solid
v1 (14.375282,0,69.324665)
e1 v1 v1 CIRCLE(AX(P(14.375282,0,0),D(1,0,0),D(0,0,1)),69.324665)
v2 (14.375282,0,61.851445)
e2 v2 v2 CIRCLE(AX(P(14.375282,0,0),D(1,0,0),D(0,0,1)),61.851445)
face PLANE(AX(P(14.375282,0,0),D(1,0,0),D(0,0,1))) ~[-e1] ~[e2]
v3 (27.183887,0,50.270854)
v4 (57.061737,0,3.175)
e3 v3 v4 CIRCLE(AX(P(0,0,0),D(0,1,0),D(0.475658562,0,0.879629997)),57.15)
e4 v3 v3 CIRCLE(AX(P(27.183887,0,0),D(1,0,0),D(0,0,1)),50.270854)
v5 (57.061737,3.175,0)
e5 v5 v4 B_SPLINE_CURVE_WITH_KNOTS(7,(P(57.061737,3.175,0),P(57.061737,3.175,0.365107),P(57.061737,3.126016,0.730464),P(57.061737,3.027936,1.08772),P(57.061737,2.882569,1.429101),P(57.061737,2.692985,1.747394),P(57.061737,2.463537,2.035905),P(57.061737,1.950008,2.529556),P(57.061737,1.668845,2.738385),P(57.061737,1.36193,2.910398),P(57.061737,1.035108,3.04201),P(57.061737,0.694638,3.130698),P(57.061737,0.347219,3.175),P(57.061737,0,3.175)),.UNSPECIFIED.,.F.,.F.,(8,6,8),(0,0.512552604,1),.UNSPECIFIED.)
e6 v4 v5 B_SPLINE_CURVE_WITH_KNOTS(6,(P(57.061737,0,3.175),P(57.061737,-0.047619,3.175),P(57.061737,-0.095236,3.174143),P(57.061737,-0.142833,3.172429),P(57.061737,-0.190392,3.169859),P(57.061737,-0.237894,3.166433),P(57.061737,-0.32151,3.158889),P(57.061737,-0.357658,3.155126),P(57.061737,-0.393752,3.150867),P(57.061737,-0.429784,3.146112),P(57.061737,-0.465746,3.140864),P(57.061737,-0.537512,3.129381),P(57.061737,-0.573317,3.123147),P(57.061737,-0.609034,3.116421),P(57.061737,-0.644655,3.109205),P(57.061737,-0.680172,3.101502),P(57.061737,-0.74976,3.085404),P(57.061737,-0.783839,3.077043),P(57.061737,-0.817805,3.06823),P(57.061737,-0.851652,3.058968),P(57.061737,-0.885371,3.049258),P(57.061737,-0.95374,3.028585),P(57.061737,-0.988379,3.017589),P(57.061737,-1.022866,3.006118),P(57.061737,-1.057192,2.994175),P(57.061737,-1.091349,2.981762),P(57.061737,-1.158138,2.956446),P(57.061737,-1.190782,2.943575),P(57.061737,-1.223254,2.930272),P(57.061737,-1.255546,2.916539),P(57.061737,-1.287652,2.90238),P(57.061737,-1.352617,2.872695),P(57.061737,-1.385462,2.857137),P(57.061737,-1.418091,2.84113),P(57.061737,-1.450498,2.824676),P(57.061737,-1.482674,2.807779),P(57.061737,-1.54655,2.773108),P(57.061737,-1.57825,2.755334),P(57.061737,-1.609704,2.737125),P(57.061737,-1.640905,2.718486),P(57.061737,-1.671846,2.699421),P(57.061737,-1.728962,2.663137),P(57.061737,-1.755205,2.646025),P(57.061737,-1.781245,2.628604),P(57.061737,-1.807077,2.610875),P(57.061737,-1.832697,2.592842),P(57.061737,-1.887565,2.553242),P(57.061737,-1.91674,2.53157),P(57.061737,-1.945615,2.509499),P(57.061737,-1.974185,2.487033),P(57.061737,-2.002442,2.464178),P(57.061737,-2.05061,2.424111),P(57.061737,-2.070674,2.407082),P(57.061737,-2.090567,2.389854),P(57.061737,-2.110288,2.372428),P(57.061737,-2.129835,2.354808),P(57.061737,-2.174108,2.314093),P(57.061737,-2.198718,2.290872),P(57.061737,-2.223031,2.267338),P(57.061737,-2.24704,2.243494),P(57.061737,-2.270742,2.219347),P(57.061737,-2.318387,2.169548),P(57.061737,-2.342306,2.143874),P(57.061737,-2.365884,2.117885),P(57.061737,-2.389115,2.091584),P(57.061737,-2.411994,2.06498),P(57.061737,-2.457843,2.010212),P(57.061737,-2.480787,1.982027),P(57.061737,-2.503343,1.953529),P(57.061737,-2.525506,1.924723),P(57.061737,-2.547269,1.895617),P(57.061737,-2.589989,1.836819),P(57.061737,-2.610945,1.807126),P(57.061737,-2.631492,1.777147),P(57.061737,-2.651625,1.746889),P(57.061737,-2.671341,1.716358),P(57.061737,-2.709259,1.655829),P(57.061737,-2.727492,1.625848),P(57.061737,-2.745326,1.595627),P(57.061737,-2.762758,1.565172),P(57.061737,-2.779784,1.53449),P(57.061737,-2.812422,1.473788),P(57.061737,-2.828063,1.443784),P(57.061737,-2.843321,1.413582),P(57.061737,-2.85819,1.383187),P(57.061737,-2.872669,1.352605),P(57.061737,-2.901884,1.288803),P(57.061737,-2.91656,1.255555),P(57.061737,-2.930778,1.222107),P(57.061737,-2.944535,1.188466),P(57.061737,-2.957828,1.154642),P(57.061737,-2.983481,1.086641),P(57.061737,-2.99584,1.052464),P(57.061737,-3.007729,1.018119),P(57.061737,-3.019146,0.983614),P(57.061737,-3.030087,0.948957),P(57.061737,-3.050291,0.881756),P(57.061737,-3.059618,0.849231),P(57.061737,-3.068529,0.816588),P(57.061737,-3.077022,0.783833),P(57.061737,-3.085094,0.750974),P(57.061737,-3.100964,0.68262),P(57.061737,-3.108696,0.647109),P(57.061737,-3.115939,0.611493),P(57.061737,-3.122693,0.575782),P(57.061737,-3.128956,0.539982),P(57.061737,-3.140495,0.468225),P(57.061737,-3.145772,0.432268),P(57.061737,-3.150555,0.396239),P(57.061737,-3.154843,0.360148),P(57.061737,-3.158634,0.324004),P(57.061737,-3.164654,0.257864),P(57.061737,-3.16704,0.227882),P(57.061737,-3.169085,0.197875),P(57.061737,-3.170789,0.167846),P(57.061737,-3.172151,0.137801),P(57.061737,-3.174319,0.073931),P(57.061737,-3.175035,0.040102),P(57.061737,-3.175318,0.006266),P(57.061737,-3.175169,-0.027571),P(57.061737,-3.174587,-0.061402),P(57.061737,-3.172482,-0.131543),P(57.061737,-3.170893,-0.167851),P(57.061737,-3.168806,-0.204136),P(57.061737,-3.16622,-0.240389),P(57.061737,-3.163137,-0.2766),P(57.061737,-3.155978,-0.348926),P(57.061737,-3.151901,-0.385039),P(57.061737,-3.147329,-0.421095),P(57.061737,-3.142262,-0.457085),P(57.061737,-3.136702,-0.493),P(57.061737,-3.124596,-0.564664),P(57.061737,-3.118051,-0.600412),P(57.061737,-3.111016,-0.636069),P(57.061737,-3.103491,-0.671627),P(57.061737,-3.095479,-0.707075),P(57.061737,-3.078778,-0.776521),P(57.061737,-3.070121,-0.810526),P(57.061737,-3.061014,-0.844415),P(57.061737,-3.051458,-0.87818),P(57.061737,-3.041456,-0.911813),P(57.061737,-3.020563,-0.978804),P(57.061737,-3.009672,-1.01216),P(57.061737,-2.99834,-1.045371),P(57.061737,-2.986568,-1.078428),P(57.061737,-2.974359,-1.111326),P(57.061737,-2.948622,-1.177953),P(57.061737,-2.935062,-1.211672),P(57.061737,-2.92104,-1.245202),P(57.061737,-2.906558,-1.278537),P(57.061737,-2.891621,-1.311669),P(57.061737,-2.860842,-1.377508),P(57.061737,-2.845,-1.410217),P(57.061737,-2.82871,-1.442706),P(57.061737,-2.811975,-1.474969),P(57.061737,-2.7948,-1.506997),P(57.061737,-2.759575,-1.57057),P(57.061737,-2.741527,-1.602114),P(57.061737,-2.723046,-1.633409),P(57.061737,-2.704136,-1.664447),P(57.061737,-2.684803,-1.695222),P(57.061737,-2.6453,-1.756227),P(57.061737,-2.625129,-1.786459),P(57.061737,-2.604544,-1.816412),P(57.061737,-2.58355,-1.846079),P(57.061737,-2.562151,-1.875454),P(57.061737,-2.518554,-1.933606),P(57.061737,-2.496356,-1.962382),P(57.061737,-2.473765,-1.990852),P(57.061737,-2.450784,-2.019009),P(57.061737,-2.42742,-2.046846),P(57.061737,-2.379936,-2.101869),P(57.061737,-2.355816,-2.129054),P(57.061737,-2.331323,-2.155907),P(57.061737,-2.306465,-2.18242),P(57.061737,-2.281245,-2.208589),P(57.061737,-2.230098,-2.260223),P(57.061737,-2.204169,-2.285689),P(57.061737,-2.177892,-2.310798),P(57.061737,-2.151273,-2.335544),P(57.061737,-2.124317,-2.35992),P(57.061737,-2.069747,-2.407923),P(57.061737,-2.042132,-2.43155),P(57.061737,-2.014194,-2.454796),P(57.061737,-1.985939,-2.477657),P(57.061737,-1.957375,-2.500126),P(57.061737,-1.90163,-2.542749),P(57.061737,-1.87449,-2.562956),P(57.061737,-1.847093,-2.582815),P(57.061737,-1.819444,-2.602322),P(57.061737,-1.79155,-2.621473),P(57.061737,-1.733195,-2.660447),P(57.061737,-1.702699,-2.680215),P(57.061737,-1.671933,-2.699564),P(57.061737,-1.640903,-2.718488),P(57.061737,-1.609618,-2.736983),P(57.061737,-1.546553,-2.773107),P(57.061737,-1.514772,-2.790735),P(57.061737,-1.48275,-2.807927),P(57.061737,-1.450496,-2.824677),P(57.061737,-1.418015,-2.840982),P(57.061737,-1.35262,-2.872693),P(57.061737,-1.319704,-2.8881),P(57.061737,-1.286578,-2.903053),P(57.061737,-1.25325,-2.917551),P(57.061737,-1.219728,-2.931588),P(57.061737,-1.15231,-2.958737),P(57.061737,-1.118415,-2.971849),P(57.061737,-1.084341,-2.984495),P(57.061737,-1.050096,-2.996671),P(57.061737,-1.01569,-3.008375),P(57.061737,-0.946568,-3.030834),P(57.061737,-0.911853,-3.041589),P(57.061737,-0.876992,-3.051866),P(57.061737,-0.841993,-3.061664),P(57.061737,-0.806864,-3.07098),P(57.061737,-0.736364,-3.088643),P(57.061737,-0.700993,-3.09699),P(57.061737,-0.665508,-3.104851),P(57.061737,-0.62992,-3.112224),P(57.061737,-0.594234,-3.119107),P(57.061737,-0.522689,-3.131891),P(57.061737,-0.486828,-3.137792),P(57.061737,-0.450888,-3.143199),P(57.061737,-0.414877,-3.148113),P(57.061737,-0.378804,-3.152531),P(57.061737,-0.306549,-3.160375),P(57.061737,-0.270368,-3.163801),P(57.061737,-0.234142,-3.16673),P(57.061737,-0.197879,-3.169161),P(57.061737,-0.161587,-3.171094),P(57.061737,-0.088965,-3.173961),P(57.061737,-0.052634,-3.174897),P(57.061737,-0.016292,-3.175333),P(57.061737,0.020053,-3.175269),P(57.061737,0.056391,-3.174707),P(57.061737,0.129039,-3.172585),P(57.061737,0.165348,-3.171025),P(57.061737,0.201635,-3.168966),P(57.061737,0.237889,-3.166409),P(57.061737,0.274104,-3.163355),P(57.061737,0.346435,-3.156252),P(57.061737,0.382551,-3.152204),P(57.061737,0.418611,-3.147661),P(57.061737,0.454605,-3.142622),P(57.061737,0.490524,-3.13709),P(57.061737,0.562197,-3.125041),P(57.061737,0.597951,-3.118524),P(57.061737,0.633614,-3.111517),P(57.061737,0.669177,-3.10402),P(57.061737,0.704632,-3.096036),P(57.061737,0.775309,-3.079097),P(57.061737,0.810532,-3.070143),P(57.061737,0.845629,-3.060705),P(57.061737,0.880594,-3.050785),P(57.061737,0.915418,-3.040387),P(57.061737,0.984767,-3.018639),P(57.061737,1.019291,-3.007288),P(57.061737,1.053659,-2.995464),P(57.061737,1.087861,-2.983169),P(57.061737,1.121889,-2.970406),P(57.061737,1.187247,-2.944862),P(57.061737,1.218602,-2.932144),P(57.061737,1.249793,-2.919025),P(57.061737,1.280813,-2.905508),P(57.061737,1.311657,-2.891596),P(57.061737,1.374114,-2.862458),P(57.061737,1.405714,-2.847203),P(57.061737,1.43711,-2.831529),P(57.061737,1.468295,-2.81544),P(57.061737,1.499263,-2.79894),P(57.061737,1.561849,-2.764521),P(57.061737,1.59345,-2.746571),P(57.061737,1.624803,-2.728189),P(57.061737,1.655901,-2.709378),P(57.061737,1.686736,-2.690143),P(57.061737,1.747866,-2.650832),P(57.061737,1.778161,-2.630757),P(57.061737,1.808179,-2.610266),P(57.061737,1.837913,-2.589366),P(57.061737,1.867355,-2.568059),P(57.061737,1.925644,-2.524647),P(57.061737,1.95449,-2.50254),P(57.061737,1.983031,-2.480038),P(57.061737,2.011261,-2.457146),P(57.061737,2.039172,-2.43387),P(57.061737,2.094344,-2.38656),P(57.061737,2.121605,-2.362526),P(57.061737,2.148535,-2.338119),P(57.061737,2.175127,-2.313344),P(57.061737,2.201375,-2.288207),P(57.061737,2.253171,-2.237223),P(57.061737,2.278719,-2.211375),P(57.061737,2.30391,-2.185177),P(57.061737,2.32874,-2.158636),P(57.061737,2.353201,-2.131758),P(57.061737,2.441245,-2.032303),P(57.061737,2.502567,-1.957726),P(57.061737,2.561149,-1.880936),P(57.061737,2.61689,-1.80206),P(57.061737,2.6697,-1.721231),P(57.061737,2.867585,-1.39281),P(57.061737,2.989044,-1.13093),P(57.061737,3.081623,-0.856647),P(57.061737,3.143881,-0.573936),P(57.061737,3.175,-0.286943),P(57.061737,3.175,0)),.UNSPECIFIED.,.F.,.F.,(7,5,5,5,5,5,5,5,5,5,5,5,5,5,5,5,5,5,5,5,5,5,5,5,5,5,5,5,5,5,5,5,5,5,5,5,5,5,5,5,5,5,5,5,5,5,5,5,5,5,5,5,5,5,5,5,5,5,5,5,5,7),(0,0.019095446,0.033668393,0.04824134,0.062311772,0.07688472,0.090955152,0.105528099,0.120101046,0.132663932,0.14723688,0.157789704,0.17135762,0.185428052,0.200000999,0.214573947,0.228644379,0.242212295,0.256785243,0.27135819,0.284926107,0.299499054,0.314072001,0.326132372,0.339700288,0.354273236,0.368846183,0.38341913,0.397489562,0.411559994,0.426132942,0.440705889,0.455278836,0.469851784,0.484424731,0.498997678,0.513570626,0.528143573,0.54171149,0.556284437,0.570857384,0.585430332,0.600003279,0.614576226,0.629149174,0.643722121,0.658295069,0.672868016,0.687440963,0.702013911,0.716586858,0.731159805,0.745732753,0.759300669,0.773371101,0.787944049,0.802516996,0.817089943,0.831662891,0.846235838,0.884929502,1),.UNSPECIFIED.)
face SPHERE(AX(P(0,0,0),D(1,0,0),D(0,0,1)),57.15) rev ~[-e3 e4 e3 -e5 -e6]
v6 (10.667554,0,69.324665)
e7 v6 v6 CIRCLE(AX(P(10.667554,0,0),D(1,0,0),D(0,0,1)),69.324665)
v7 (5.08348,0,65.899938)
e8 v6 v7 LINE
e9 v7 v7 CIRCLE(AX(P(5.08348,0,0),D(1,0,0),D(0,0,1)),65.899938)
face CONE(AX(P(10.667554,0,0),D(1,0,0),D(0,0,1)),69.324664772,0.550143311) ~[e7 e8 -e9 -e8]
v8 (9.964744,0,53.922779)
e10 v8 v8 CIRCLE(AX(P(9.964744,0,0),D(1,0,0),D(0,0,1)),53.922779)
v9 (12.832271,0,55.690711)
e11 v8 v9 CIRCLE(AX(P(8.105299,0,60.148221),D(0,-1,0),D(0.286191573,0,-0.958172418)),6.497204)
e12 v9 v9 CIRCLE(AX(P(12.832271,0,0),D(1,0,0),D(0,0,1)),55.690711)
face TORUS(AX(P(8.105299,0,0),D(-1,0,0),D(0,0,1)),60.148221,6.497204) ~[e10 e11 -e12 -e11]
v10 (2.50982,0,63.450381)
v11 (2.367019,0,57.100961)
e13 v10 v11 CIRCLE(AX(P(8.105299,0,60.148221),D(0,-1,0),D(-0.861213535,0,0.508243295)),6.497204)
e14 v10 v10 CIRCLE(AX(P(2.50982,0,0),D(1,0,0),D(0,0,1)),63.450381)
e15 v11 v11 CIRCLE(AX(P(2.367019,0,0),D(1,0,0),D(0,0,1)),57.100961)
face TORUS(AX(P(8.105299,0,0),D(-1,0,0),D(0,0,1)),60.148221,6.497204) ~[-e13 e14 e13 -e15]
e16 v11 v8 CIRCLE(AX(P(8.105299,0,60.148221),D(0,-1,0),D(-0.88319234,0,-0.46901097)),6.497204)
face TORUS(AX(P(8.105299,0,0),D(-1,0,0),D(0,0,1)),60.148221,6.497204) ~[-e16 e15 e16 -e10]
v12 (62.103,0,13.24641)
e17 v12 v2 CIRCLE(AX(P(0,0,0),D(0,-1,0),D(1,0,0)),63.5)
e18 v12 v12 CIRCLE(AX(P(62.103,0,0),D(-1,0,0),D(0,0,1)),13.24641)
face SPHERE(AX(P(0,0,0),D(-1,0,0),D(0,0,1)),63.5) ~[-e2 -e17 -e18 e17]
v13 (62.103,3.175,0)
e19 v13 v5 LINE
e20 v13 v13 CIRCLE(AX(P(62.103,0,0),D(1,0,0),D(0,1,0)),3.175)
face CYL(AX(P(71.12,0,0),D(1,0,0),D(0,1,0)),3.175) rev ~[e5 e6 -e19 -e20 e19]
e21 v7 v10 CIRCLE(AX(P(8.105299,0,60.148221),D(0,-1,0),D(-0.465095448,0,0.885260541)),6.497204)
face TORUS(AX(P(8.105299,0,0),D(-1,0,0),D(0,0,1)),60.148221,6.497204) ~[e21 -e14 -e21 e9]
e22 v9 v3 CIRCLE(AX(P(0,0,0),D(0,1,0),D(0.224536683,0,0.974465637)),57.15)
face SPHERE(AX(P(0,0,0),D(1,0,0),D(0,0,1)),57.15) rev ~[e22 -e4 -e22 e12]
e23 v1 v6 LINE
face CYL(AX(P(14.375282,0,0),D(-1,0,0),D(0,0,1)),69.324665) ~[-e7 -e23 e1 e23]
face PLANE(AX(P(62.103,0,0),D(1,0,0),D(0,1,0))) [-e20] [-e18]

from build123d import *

# Parameters (mm, degrees)
F3_R     = 3.175
F4_DEPTH = 25.4
F3_R_2   = 13.462
F5_DEPTH = 9.017


with BuildPart() as f1:
    # F0 (on Front) → F1 (revolve)
    with BuildSketch(Plane.XZ):
        with BuildLine():
            Line((57.15, 0), (63.5, 0))
            ThreePointArc((63.5, 0), (49.7246437823, 39.4931614425), (14.3752818669, 61.8514451832))
            ThreePointArc((14.3752818669, 61.8514451832), (14.545447186, 61.0073776147), (14.6025029863, 60.1482205093))
            ThreePointArc((14.6025029863, 60.1482205093), (14.1437492907, 57.7501426695), (12.8322714456, 55.6907111604))
            ThreePointArc((12.8322714456, 55.6907111604), (20.1907637916, 53.46452616), (27.1838868177, 50.270854354))
            ThreePointArc((27.1838868177, 50.270854354), (49.0901295152, 29.2622911643), (57.15, 0))
        make_face()
        with BuildLine():
            ThreePointArc((14.6025029863, 60.1482205093), (14.545447186, 61.0073776147), (14.3752818669, 61.8514451832))
            ThreePointArc((14.3752818669, 61.8514451832), (8.4803191689, 62.9311861226), (2.5098197969, 63.4503806497))
            ThreePointArc((2.5098197969, 63.4503806497), (1.6097384582, 60.2943080474), (2.3670190255, 57.1009607707))
            ThreePointArc((2.3670190255, 57.1009607707), (7.632287252, 56.6380675103), (12.8322714456, 55.6907111604))
            ThreePointArc((12.8322714456, 55.6907111604), (14.1437492907, 57.7501426695), (14.6025029863, 60.1482205093))
        make_face()
        with BuildLine():
            ThreePointArc((12.8322714456, 55.6907111604), (7.632287252, 56.6380675103), (2.3670190255, 57.1009607707))
            ThreePointArc((2.3670190255, 57.1009607707), (5.5979999661, 54.1542983084), (9.9647443416, 53.9227792702))
            ThreePointArc((9.9647443416, 53.9227792702), (11.5150820885, 54.6176657234), (12.8322714456, 55.6907111604))
        make_face()
        with BuildLine():
            ThreePointArc((5.0834796416, 65.8999384363), (10.7005286229, 66.1045985568), (14.3752818669, 61.8514451832))
            Line((14.3752818669, 61.8514451832), (14.3752818669, 69.3246647716))
            Line((14.3752818669, 69.3246647716), (10.6675541028, 69.3246647716))
            Line((10.6675541028, 69.3246647716), (5.0834796416, 65.8999384363))
        make_face()
        with BuildLine():
            ThreePointArc((2.5098197969, 63.4503806497), (8.4803191689, 62.9311861226), (14.3752818669, 61.8514451832))
            ThreePointArc((14.3752818669, 61.8514451832), (10.7005286229, 66.1045985568), (5.0834796416, 65.8999384363))
            ThreePointArc((5.0834796416, 65.8999384363), (3.6259528632, 64.8545044217), (2.5098197969, 63.4503806497))
        make_face()
    revolve(axis=Axis((31.75, 0, 0), (1, 0, 0)))

    # F3 (on offset) → F4 (cut)
    with BuildSketch(Plane.YZ.offset(71.12)):
        Circle(F3_R)
    extrude(amount=-F4_DEPTH, mode=Mode.SUBTRACT)

    # F3 (on offset) → F5 (cut)
    with BuildSketch(Plane.YZ.offset(71.12)):
        Circle(F3_R_2)
        Circle(F3_R, mode=Mode.SUBTRACT)
    extrude(amount=-F5_DEPTH, mode=Mode.SUBTRACT)


solid = f1.part
